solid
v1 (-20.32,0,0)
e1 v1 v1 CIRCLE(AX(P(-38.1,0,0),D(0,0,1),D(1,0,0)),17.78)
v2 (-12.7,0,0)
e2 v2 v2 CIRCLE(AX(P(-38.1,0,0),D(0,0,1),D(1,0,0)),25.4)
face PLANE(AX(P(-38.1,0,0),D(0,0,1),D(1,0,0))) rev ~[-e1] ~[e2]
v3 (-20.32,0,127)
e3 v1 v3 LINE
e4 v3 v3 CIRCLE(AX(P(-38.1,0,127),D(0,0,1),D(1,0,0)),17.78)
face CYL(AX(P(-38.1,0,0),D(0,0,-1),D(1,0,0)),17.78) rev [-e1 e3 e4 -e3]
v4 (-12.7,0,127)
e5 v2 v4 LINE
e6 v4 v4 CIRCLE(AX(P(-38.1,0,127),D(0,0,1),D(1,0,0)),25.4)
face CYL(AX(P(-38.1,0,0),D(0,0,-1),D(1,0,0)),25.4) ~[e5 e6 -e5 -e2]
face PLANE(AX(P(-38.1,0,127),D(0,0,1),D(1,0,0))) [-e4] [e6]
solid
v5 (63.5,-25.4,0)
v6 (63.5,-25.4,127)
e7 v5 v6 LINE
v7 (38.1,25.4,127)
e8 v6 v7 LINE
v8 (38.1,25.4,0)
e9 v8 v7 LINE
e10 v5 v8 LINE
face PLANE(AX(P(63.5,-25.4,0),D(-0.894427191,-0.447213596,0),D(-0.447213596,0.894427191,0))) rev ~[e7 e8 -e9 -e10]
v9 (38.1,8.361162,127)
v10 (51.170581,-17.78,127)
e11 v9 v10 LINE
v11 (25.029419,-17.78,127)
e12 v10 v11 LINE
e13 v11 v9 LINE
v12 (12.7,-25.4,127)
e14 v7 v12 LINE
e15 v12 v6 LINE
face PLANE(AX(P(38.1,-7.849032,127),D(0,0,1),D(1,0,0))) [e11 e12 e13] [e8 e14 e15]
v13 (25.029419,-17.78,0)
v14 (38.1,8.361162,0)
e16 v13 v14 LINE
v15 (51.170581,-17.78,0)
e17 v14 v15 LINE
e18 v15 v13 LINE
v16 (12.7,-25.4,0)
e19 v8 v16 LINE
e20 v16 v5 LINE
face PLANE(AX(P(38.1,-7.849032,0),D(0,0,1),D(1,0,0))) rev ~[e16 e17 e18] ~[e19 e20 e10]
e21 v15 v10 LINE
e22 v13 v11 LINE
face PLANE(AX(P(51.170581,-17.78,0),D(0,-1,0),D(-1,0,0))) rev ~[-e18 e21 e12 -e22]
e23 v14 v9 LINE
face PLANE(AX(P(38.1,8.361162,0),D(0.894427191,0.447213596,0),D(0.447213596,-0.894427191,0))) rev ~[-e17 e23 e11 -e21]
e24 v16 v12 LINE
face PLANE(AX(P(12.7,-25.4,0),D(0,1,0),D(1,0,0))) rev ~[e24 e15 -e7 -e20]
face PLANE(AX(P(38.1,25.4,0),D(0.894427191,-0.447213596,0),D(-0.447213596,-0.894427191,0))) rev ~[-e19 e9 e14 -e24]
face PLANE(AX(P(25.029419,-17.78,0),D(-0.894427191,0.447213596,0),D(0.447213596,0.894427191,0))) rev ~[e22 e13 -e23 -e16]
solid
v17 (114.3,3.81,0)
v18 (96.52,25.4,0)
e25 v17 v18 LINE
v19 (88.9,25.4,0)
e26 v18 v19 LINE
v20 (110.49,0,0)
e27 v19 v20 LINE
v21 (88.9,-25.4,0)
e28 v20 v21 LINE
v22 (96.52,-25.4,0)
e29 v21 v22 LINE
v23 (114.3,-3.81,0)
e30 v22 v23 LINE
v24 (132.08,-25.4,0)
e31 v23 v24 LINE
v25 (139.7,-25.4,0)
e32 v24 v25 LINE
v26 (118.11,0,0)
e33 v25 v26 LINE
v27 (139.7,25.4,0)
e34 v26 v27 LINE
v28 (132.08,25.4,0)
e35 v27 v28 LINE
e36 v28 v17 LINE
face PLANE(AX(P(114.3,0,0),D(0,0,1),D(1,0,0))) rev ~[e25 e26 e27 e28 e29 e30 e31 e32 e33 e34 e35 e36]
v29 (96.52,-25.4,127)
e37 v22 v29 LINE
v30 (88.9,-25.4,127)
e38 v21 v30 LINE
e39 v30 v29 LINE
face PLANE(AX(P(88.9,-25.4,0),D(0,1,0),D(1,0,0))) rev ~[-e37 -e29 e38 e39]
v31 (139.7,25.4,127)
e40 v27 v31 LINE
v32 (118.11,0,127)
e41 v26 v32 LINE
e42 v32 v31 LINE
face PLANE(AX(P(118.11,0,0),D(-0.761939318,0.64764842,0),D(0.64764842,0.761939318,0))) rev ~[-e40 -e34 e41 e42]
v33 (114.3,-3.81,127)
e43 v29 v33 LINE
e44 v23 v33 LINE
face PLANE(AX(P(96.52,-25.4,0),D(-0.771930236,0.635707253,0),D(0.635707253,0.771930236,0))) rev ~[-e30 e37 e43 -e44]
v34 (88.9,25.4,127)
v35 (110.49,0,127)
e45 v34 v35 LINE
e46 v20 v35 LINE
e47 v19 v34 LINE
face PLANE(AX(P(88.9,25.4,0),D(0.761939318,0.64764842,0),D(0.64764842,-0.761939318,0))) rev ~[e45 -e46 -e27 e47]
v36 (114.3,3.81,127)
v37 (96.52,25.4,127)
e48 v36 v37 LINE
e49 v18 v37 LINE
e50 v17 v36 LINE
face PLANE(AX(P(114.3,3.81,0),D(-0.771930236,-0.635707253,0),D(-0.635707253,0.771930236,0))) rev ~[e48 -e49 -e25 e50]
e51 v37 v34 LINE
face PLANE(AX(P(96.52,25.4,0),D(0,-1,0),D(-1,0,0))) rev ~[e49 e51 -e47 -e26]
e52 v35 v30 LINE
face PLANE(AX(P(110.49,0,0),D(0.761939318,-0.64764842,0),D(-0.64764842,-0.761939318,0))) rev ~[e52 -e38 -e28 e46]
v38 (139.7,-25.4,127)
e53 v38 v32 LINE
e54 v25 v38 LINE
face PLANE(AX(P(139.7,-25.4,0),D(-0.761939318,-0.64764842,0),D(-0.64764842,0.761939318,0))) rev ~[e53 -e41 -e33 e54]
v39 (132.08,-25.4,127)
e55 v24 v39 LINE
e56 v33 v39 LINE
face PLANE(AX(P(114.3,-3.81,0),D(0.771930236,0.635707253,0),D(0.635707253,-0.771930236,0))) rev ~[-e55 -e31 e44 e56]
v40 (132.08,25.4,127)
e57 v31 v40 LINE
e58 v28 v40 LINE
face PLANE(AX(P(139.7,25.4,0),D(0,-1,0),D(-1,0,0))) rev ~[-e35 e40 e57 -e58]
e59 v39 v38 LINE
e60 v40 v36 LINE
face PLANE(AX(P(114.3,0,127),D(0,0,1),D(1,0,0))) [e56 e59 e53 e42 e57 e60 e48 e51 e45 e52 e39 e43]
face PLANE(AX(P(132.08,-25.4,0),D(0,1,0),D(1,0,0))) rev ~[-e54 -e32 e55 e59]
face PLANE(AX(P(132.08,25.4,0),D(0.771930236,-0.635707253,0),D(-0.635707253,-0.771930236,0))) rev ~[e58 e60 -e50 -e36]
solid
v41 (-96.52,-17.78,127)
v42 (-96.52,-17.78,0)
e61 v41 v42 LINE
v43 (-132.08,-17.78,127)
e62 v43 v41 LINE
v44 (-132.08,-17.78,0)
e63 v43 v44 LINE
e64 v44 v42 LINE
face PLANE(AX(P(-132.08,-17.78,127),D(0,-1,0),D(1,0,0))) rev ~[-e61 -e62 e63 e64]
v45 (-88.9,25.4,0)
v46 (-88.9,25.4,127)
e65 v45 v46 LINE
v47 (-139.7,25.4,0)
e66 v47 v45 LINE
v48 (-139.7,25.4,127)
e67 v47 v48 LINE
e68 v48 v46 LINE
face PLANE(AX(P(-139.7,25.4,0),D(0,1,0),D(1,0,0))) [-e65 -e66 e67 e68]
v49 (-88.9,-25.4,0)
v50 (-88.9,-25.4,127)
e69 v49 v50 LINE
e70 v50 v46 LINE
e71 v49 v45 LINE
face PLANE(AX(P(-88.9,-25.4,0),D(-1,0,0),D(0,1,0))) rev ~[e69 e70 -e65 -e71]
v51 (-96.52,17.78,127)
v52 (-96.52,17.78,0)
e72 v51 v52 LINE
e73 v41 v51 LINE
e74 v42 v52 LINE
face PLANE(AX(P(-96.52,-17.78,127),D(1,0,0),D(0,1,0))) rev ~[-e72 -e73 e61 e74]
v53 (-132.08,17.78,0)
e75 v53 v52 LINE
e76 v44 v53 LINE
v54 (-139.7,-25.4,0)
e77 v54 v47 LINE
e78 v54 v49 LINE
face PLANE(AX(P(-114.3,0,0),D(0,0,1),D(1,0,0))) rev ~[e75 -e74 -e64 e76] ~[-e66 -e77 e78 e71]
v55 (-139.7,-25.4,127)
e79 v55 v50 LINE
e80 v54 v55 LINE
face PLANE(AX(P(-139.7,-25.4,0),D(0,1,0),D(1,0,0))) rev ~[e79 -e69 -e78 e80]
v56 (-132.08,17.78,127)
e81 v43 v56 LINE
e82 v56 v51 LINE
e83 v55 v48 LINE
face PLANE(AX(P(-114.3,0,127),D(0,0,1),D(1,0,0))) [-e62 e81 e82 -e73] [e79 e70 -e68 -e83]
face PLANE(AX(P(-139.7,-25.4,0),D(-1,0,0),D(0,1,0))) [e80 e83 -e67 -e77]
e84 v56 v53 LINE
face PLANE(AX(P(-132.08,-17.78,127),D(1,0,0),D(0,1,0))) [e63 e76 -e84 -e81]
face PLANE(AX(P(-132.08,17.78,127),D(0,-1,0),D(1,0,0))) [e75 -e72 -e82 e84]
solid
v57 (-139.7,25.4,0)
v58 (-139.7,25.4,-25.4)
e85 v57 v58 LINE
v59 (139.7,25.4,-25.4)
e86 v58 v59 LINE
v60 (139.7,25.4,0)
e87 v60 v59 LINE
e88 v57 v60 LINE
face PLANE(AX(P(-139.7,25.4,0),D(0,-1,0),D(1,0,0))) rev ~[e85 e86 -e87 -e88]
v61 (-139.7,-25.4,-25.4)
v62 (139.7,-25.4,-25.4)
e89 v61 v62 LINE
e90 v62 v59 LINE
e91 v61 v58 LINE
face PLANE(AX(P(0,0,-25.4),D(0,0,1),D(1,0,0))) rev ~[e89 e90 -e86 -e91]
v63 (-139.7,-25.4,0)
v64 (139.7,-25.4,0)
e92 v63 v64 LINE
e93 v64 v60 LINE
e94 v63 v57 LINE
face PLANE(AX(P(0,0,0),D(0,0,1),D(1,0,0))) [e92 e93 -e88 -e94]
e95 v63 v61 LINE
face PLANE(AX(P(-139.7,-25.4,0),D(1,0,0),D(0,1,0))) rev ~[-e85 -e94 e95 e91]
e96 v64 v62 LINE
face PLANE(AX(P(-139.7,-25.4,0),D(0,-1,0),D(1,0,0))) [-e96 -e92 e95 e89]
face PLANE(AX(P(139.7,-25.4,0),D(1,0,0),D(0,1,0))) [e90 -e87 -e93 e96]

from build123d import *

# Parameters (mm, degrees)
F0_W      = 279.4
F0_H      = 50.8
F1_DEPTH  = 25.4
F2_W      = 50.8
F2_H      = 50.8
F3_DEPTH  = 127
F4_W      = 35.56
F4_H      = 35.56
F5_DEPTH  = 127
F6_R      = 25.4
F6_R_2    = 17.78
F7_DEPTH  = 127
F9_DEPTH  = 127
F11_DEPTH = 127


with BuildPart() as f1:
    # F0 (on Top) → F1 (new body)
    with BuildSketch(Plane.XY):
        Rectangle(F0_W, F0_H)
    extrude(amount=-F1_DEPTH)


with BuildPart() as f3:
    # F2 (on face) → F3 (new body)
    with BuildSketch(Plane.XY):
        with Locations((-114.3, 0)):
            Rectangle(F2_W, F2_H)
    extrude(amount=F3_DEPTH)

    # F4 (on face) → F5 (cut)
    with BuildSketch(Plane.XY.offset(127)):
        with Locations((-114.3, 0)):
            Rectangle(F4_W, F4_H)
    extrude(amount=-F5_DEPTH, mode=Mode.SUBTRACT)


with BuildPart() as f7:
    # F6 (on face) → F7 (new body)
    with BuildSketch(Plane.XY):
        with Locations((-38.1, 0)):
            Circle(F6_R)
        with Locations((-38.1, 0)):
            Circle(F6_R_2, mode=Mode.SUBTRACT)
    extrude(amount=F7_DEPTH)


with BuildPart() as f9:
    # F8 (on face) → F9 (new body)
    with BuildSketch(Plane.XY):
        Polygon((38.1, 25.4), (12.7, -25.4), (63.5, -25.4), align=None)
        Polygon((25.029419, -17.78), (38.1, 8.361162), (51.170581, -17.78), align=None, mode=Mode.SUBTRACT)
    extrude(amount=F9_DEPTH)


with BuildPart() as f11:
    # F10 (on face) → F11 (new body)
    with BuildSketch(Plane.XY):
        Polygon((110.49, 0), (88.9, -25.4), (96.52, -25.4), (114.3, -3.81), (132.08, -25.4), (139.7, -25.4), (118.11, 0), (139.7, 25.4), (132.08, 25.4), (114.3, 3.81), (96.52, 25.4), (88.9, 25.4), align=None)
    extrude(amount=F11_DEPTH)


solid = Compound([f1.part, f3.part, f7.part, f9.part, f11.part])
